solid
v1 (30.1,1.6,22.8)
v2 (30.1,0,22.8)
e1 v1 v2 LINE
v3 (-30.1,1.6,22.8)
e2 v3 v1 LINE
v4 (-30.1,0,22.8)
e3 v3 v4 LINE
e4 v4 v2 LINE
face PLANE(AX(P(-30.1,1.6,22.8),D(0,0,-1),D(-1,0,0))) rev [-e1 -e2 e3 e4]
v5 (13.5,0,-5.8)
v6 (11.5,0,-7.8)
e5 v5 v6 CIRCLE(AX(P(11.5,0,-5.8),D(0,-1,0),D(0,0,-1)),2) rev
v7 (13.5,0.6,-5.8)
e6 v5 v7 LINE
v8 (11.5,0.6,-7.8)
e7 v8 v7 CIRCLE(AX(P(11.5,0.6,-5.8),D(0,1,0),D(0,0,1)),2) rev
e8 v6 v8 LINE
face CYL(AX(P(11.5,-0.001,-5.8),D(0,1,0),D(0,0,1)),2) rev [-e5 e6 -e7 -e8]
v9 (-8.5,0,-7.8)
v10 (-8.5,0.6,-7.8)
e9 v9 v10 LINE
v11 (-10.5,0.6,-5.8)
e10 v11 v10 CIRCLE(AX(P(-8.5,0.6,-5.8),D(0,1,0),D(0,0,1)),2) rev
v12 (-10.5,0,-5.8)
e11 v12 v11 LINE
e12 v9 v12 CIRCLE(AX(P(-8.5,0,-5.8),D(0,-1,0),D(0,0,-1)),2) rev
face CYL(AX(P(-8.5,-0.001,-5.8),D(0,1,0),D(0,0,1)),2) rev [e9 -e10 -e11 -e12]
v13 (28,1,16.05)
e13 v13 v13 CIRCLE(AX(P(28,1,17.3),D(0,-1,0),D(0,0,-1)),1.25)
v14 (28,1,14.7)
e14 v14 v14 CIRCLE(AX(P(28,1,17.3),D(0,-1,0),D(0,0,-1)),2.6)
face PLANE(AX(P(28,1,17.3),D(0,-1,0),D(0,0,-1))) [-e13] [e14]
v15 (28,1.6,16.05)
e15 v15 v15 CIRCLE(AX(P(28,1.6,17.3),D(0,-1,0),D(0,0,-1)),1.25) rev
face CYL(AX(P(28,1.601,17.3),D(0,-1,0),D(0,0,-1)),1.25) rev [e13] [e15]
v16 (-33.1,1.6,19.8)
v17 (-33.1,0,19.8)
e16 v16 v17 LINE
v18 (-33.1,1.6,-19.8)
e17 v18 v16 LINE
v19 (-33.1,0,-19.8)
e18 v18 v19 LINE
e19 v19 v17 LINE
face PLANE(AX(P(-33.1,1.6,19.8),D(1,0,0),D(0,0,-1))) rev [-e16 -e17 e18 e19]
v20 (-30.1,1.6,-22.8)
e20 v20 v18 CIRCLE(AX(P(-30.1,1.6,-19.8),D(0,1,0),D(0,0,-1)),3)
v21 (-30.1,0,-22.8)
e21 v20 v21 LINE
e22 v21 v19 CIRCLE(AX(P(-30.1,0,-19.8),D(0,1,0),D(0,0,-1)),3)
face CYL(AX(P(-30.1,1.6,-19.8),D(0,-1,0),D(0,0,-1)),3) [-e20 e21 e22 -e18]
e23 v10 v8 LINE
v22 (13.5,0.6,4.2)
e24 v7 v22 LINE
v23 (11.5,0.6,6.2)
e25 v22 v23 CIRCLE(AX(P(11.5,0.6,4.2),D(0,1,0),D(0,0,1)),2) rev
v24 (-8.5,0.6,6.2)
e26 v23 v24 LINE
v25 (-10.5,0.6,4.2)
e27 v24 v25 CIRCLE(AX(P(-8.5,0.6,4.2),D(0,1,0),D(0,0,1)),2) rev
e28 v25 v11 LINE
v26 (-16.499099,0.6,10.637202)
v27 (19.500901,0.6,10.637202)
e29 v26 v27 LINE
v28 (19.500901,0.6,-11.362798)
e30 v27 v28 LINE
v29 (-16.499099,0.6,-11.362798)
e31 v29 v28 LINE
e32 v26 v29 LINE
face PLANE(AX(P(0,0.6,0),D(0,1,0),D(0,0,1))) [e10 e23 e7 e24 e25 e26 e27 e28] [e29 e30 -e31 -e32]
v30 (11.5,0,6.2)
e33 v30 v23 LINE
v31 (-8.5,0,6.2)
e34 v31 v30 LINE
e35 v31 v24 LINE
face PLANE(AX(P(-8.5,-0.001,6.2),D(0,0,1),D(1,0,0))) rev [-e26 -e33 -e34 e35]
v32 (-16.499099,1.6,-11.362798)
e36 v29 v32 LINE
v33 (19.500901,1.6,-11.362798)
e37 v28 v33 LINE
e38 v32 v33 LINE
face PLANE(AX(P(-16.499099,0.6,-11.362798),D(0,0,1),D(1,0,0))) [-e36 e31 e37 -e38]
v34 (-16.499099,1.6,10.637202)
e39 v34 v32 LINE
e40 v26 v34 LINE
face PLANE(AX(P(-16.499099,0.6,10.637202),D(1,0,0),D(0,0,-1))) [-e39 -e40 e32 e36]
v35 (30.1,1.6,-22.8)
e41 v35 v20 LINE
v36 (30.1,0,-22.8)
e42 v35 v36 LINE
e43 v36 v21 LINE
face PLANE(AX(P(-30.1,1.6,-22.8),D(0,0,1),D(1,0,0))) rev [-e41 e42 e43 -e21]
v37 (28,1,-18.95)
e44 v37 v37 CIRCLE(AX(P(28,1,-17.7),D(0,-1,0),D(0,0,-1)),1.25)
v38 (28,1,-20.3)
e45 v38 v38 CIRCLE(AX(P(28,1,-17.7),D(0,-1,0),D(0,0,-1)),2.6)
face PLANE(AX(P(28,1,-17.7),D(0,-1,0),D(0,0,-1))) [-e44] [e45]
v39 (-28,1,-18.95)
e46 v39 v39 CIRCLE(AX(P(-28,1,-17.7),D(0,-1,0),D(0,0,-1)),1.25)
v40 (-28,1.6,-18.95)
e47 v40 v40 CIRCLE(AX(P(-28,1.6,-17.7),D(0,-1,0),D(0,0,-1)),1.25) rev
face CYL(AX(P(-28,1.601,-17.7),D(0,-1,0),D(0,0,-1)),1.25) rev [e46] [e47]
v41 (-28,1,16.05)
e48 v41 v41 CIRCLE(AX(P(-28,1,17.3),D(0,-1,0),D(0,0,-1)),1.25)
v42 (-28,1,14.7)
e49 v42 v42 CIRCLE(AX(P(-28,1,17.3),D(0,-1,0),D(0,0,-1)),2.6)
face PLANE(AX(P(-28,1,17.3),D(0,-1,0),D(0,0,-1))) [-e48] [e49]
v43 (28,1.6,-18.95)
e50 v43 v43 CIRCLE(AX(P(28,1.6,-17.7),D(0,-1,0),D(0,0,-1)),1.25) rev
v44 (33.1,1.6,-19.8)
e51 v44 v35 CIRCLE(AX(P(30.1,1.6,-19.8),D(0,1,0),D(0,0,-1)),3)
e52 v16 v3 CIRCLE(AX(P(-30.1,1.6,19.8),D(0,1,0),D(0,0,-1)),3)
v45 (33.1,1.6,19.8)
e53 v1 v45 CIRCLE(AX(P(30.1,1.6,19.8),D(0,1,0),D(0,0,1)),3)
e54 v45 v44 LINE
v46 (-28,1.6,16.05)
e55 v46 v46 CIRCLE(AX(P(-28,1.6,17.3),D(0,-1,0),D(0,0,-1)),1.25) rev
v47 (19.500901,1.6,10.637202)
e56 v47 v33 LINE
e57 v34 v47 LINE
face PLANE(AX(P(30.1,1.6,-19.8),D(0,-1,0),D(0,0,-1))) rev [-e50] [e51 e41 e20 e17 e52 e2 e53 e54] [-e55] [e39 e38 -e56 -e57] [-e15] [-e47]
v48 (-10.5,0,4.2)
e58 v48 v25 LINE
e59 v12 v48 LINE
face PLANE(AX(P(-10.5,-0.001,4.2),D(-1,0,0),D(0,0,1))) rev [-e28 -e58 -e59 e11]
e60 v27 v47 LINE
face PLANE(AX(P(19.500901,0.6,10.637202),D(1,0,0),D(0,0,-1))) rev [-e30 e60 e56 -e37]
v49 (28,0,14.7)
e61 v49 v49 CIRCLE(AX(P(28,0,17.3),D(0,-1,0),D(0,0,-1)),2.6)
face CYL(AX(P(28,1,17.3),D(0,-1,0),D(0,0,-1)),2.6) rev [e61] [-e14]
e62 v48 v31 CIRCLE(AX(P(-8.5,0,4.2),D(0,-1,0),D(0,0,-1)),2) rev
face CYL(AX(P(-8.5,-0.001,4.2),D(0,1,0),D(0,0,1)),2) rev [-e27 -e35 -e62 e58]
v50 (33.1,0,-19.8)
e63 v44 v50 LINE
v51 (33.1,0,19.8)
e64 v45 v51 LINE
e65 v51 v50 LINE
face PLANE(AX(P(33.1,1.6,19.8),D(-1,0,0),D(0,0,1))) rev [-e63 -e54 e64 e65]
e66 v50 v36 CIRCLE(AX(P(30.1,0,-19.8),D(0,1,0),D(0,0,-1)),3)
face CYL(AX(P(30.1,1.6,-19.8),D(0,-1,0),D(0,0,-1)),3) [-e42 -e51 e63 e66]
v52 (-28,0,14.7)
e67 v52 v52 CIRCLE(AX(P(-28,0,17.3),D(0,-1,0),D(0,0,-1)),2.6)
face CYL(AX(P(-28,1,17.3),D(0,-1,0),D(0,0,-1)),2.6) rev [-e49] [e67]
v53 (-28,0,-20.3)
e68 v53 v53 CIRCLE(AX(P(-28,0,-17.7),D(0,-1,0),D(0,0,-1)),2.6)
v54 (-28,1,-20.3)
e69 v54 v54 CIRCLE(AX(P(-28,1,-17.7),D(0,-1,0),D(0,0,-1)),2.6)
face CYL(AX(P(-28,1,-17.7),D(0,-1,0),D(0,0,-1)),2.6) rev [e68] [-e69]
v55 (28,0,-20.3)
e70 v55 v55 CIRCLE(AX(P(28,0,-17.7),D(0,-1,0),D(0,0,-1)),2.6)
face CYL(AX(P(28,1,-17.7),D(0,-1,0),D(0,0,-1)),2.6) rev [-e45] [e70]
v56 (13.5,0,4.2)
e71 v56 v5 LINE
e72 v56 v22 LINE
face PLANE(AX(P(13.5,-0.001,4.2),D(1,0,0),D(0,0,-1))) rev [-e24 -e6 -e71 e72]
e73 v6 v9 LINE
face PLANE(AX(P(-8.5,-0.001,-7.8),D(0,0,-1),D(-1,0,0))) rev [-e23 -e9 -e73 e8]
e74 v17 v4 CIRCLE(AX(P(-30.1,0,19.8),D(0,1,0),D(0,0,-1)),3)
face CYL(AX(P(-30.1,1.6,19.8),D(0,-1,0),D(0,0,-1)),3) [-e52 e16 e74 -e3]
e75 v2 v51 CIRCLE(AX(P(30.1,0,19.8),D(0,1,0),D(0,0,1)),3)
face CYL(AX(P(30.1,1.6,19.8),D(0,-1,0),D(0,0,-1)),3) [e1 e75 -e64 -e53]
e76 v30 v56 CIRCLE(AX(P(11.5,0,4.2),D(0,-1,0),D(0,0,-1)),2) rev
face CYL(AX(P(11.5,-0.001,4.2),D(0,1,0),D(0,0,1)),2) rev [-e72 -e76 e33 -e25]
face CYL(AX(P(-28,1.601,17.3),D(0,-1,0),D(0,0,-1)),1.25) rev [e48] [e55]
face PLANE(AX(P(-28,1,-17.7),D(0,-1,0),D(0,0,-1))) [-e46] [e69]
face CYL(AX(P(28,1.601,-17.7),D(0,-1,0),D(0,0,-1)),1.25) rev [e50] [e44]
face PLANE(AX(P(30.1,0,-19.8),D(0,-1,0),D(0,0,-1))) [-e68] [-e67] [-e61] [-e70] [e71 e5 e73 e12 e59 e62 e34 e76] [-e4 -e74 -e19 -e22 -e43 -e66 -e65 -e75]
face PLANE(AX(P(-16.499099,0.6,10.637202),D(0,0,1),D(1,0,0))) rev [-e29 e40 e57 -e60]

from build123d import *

# Parameters (mm, degrees)
EXTRUDE_1_DEPTH        = 1.6
CUT_EXTRUDE_827_REACH  = 42.224
SKETCH_5_R             = 2.6
CUT_EXTRUDE_1317_DEPTH = 1
CUT_EXTRUDE_1453_REACH = 42.205
SKETCH_7_R             = 1.25
SKETCH_9_W             = 36
SKETCH_9_H             = 22
CUT_EXTRUDE_2013_DEPTH = 1


with BuildPart() as part:
    # 草图1 → 凸台-拉伸1 (new body)
    with BuildSketch(Plane(origin=(0, 0, 0), x_dir=(1, 0, 0), z_dir=(0, 1, 0))):
        with BuildLine():
            Line((-30.1, -22.8), (30.1, -22.8))
            ThreePointArc((30.1, -22.8), (32.221320344, -21.921320344), (33.1, -19.8))
            Line((33.1, -19.8), (33.1, 19.8))
            ThreePointArc((33.1, 19.8), (32.221320344, 21.921320344), (30.1, 22.8))
            Line((30.1, 22.8), (-30.1, 22.8))
            ThreePointArc((-30.1, 22.8), (-32.221320344, 21.921320344), (-33.1, 19.8))
            Line((-33.1, 19.8), (-33.1, -19.8))
            ThreePointArc((-33.1, -19.8), (-32.221320344, -21.921320344), (-30.1, -22.8))
        make_face()
    extrude(amount=EXTRUDE_1_DEPTH)

    # 草图3 → Cut-Extrude 827 (cut, up to next)
    with BuildSketch(Plane(origin=(0, 1.6, 0), x_dir=(1, 0, 0), z_dir=(0, 1, 0)), mode=Mode.PRIVATE) as cut_extrude_827_sk1:
        with BuildLine():
            Line((-8.5, -6.2), (11.5, -6.2))
            ThreePointArc((11.5, -6.2), (12.914213562, -5.614213562), (13.5, -4.2))
            Line((13.5, -4.2), (13.5, 5.8))
            ThreePointArc((13.5, 5.8), (12.914213562, 7.214213562), (11.5, 7.8))
            Line((11.5, 7.8), (-8.5, 7.8))
            ThreePointArc((-8.5, 7.8), (-9.914213562, 7.214213562), (-10.5, 5.8))
            Line((-10.5, 5.8), (-10.5, -4.2))
            ThreePointArc((-10.5, -4.2), (-9.914213562, -5.614213562), (-8.5, -6.2))
        make_face()
    cut_extrude_827_tool1 = extrude(cut_extrude_827_sk1.sketch, amount=-CUT_EXTRUDE_827_REACH, mode=Mode.PRIVATE) & part.part
    add(cut_extrude_827_tool1.solids().sort_by_distance((1.5, 1.6, -0.8))[0], mode=Mode.SUBTRACT)

    # 草图5 → Cut-Extrude 1317 (cut)
    with BuildSketch(Plane.XZ):
        with Locations(Location((-28, -17.7, 0), (0, 0, 270))):
            Circle(SKETCH_5_R)
        with Locations(Location((28, -17.7, 0), (0, 0, 270))):
            Circle(SKETCH_5_R)
        with Locations(Location((28, 17.3, 0), (0, 0, 270))):
            Circle(SKETCH_5_R)
        with Locations(Location((-28, 17.3, 0), (0, 0, 270))):
            Circle(SKETCH_5_R)
    extrude(amount=-CUT_EXTRUDE_1317_DEPTH, mode=Mode.SUBTRACT)

    # 草图7 → Cut-Extrude 1453 (cut, up to next)
    with BuildSketch(Plane.XZ.offset(-1), mode=Mode.PRIVATE) as cut_extrude_1453_sk1:
        with Locations(Location((-28, -17.7, 0), (0, 0, 270))):
            Circle(SKETCH_7_R)
    cut_extrude_1453_tool1 = extrude(cut_extrude_1453_sk1.sketch, amount=-CUT_EXTRUDE_1453_REACH, mode=Mode.PRIVATE) & part.part
    # 草图7 → Cut-Extrude 1453 (cut, up to next)
    with BuildSketch(Plane.XZ.offset(-1), mode=Mode.PRIVATE) as cut_extrude_1453_sk2:
        with Locations(Location((28, -17.7, 0), (0, 0, 270))):
            Circle(SKETCH_7_R)
    cut_extrude_1453_tool2 = extrude(cut_extrude_1453_sk2.sketch, amount=-CUT_EXTRUDE_1453_REACH, mode=Mode.PRIVATE) & part.part
    # 草图7 → Cut-Extrude 1453 (cut, up to next)
    with BuildSketch(Plane.XZ.offset(-1), mode=Mode.PRIVATE) as cut_extrude_1453_sk3:
        with Locations(Location((28, 17.3, 0), (0, 0, 270))):
            Circle(SKETCH_7_R)
    cut_extrude_1453_tool3 = extrude(cut_extrude_1453_sk3.sketch, amount=-CUT_EXTRUDE_1453_REACH, mode=Mode.PRIVATE) & part.part
    # 草图7 → Cut-Extrude 1453 (cut, up to next)
    with BuildSketch(Plane.XZ.offset(-1), mode=Mode.PRIVATE) as cut_extrude_1453_sk4:
        with Locations(Location((-28, 17.3, 0), (0, 0, 270))):
            Circle(SKETCH_7_R)
    cut_extrude_1453_tool4 = extrude(cut_extrude_1453_sk4.sketch, amount=-CUT_EXTRUDE_1453_REACH, mode=Mode.PRIVATE) & part.part
    add(cut_extrude_1453_tool1.solids().sort_by_distance((-28, 1, -17.7))[0], mode=Mode.SUBTRACT)
    add(cut_extrude_1453_tool2.solids().sort_by_distance((28, 1, -17.7))[0], mode=Mode.SUBTRACT)
    add(cut_extrude_1453_tool3.solids().sort_by_distance((28, 1, 17.3))[0], mode=Mode.SUBTRACT)
    add(cut_extrude_1453_tool4.solids().sort_by_distance((-28, 1, 17.3))[0], mode=Mode.SUBTRACT)

    # 草图9 → Cut-Extrude 2013 (cut)
    with BuildSketch(Plane(origin=(0, 1.6, 0), x_dir=(1, 0, 0), z_dir=(0, 1, 0))):
        with Locations((1.500900608, 0.362797629)):
            Rectangle(SKETCH_9_W, SKETCH_9_H)
    extrude(amount=-CUT_EXTRUDE_2013_DEPTH, mode=Mode.SUBTRACT)


solid = part.part
